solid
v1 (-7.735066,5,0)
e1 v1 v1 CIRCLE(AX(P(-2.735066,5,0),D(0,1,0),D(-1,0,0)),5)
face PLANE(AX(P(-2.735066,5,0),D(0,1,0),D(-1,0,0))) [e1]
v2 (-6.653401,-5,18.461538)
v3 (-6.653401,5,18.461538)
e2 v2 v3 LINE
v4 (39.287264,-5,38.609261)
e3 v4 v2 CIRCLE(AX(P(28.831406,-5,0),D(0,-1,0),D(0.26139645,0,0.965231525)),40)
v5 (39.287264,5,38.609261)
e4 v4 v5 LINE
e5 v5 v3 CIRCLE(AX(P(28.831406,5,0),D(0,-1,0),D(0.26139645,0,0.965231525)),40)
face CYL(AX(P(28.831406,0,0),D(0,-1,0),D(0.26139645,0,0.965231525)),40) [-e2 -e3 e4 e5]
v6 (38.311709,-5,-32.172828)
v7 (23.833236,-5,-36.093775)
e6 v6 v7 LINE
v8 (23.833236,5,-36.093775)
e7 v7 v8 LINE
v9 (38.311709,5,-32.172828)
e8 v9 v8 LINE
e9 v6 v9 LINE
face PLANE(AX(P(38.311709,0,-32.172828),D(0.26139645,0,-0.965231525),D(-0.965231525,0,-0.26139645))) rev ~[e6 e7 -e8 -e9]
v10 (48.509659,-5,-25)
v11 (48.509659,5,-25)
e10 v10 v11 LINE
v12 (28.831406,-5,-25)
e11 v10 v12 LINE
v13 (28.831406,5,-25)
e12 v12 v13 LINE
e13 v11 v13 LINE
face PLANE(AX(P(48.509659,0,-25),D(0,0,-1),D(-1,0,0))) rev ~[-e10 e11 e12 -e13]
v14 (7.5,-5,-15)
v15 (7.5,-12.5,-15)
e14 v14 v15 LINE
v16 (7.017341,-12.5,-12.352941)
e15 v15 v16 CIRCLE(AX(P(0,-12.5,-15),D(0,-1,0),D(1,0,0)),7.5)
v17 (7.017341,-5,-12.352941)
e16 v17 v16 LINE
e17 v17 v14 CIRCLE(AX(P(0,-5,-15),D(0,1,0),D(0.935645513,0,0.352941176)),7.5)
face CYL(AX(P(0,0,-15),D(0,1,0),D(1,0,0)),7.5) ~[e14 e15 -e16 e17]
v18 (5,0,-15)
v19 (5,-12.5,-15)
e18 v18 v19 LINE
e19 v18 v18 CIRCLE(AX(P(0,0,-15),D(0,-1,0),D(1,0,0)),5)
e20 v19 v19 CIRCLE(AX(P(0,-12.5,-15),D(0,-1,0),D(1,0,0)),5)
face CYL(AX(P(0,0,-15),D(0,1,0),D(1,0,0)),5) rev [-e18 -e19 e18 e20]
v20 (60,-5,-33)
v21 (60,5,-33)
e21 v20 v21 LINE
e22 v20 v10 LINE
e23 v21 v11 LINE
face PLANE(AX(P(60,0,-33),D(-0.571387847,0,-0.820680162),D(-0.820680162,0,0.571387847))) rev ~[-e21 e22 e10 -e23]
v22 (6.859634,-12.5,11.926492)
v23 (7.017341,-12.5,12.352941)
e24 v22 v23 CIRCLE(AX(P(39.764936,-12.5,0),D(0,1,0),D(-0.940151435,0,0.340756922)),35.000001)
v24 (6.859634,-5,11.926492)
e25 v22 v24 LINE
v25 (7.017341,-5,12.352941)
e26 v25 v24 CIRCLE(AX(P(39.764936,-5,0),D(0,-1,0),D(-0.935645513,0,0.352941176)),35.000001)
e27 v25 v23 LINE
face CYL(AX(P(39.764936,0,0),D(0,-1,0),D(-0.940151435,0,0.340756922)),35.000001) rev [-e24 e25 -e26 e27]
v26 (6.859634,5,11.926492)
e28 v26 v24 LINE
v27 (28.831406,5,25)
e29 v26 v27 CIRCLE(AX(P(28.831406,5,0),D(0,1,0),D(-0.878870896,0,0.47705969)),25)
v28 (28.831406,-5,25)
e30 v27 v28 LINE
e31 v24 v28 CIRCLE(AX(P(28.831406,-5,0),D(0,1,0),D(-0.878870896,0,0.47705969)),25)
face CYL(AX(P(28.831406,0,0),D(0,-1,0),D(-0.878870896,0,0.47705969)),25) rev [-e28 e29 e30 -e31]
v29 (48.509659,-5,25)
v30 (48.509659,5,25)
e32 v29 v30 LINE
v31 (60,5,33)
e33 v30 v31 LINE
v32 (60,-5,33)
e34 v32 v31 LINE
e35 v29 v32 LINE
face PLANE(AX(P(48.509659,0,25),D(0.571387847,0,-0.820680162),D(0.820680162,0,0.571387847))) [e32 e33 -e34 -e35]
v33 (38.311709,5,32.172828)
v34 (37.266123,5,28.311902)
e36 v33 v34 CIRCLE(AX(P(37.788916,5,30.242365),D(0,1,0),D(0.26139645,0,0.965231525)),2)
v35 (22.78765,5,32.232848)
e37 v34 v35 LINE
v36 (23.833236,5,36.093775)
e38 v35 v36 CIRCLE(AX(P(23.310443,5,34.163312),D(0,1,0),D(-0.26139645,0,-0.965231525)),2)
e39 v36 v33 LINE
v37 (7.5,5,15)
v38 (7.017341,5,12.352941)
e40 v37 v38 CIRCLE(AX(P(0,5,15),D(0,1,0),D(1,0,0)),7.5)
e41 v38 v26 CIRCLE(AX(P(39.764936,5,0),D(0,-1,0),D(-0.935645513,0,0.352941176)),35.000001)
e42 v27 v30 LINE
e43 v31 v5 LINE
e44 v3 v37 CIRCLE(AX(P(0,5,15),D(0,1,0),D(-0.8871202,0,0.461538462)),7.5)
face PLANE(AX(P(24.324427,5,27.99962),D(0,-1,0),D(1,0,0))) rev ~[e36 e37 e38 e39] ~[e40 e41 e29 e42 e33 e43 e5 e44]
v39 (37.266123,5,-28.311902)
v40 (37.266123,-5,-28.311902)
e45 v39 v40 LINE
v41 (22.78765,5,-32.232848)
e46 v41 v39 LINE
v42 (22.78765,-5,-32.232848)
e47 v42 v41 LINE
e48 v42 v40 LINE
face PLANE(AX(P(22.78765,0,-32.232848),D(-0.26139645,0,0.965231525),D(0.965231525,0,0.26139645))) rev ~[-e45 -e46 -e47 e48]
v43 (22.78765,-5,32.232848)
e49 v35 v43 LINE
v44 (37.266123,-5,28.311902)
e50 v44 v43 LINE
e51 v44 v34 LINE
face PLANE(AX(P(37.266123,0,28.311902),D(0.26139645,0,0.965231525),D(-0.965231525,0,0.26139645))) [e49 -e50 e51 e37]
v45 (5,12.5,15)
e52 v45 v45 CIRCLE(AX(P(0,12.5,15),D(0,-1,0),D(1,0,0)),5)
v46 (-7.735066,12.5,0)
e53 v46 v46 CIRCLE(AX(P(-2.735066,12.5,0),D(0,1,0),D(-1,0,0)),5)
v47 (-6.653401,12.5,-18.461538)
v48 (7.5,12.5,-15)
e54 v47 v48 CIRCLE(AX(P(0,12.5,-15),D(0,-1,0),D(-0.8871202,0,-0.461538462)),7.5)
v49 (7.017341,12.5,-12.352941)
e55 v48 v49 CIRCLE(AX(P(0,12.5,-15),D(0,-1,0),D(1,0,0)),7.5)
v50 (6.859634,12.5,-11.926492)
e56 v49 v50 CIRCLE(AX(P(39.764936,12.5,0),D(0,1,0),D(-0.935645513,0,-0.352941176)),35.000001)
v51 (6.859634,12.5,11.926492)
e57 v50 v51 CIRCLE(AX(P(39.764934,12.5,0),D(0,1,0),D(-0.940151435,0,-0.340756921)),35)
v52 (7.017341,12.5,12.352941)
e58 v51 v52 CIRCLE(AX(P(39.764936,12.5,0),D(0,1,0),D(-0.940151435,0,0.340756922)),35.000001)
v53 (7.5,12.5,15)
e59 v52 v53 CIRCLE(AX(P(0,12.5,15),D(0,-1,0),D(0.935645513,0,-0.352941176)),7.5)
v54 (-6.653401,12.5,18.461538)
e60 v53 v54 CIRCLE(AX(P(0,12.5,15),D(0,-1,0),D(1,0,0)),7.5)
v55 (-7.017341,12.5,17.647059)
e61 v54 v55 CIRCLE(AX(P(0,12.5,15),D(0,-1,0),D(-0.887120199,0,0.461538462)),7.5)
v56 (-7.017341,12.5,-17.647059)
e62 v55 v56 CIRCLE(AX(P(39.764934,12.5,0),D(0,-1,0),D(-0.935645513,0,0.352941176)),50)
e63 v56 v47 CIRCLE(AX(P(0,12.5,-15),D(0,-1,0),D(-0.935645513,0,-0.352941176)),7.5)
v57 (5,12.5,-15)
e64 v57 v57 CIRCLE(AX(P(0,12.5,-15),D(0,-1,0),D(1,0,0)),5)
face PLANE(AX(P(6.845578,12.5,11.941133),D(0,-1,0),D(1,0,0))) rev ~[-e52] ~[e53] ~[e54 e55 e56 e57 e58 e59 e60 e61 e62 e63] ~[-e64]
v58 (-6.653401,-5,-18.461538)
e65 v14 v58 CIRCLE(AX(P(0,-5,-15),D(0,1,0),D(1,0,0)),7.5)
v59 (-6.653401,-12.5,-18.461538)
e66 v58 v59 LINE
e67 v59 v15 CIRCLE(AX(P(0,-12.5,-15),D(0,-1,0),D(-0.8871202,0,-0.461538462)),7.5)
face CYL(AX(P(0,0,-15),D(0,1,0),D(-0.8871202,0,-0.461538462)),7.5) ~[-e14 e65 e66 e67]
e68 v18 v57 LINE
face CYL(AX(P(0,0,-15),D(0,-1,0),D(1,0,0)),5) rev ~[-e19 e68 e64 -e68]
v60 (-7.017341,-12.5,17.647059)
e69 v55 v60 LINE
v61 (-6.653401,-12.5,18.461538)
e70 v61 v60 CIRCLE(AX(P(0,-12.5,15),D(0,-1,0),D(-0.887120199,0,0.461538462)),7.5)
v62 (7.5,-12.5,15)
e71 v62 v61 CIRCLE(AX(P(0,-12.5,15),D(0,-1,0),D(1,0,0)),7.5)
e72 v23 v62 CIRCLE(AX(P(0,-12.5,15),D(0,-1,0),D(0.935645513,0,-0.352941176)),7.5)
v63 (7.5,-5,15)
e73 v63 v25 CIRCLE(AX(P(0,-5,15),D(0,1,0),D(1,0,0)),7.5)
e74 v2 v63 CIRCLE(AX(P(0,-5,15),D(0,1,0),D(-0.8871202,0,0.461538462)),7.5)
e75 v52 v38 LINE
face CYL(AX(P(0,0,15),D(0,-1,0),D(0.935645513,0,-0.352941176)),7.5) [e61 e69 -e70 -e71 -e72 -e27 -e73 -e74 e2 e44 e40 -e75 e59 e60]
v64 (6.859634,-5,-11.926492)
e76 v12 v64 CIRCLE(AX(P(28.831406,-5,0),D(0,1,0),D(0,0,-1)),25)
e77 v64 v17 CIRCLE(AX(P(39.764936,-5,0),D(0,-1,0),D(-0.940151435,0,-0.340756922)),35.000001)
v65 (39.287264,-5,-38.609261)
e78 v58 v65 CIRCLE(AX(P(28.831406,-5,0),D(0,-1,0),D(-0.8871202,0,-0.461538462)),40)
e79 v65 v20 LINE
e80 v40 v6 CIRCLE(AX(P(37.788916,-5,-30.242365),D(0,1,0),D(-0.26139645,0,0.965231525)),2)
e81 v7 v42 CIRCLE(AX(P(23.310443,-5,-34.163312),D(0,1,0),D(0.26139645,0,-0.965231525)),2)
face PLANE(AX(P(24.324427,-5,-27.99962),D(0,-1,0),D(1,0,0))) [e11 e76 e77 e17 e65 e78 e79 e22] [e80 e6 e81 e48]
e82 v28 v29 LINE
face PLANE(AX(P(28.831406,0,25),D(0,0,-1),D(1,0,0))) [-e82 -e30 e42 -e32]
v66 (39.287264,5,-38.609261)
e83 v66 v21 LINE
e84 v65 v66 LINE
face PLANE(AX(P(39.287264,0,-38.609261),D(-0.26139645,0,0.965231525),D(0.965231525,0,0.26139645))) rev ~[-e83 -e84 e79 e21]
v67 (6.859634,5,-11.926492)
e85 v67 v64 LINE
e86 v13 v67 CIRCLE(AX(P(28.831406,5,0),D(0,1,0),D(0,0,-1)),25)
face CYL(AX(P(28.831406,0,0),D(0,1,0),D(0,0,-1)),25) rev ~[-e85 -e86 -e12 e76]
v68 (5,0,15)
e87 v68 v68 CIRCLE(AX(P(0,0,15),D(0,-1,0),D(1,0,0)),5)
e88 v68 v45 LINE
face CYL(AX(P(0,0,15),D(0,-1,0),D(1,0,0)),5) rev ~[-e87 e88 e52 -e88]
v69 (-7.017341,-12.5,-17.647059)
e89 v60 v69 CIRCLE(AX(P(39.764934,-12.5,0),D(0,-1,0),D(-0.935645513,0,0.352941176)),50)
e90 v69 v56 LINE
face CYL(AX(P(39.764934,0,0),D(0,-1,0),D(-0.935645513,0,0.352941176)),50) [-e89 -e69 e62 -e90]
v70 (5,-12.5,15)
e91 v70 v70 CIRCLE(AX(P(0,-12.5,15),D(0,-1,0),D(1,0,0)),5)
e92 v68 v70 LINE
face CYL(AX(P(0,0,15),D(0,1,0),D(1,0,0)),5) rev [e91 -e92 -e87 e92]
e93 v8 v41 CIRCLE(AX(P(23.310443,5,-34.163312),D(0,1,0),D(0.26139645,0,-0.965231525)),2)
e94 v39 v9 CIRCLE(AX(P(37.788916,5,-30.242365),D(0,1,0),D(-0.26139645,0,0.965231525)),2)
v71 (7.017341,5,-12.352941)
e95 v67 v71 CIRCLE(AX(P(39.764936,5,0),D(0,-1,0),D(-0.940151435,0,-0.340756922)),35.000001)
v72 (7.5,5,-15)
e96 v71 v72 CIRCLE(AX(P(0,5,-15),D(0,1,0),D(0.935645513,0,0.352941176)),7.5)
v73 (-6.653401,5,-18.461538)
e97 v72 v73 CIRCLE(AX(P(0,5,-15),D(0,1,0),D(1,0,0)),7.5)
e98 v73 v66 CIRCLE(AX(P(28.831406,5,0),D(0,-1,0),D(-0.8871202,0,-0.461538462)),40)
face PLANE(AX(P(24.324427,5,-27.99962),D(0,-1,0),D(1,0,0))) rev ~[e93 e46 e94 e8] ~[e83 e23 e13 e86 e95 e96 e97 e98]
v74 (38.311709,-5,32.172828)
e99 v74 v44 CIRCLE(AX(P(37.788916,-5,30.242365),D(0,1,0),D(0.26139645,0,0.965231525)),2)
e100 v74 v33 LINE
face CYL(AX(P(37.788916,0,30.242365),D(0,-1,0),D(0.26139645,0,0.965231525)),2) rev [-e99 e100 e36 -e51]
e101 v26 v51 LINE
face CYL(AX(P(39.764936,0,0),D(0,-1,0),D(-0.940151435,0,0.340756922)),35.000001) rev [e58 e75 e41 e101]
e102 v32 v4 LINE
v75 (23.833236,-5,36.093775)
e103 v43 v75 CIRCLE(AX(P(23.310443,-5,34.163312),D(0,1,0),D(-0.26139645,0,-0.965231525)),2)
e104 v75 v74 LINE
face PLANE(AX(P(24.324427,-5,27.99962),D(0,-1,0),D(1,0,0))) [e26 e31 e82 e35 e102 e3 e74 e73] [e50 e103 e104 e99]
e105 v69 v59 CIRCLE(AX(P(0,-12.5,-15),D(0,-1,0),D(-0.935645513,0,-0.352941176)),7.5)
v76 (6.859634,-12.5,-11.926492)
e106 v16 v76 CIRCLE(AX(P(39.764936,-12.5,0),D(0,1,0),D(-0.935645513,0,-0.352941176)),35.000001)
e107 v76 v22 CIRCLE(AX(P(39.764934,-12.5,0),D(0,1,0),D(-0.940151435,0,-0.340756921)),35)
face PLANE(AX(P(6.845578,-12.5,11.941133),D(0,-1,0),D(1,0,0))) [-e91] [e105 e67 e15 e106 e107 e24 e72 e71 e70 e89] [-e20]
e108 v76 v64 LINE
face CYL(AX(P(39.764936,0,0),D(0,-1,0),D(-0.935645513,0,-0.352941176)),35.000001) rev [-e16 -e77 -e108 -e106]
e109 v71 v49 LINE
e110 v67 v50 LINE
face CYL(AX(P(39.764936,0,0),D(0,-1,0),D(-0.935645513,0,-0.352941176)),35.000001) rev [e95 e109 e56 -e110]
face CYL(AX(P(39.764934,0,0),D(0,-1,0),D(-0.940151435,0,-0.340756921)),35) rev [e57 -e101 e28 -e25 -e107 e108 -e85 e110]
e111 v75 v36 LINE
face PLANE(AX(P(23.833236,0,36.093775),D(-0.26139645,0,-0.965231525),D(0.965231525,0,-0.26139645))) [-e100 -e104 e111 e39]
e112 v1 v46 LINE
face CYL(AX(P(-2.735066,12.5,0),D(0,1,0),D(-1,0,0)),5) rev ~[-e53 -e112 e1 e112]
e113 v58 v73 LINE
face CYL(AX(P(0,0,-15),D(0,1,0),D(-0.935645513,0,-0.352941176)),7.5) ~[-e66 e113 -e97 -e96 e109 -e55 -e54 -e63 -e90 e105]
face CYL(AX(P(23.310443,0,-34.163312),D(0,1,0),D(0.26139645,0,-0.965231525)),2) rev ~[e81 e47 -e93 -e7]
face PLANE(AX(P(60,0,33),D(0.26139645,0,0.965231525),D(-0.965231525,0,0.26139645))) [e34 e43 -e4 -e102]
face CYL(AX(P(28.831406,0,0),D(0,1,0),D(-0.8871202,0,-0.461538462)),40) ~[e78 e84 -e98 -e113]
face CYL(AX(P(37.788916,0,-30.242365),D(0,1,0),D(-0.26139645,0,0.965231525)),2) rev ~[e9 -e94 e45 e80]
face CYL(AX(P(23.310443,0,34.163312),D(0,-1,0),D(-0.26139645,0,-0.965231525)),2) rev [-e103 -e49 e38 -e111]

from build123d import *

# Parameters (mm, degrees)
F0_R     = 5
F1_DEPTH = 12.5
F2_DEPTH = 5
F3_R     = 5
F5_DEPTH = 7.5


with BuildPart() as f1:
    # F0 (on Front) → F1 (new body, symmetric)
    with BuildSketch(Plane.XZ):
        with BuildLine():
            ThreePointArc((6.8596340788, 11.9264922445), (6.9377952197, 12.139972805), (7.0173413473, 12.3529411765))
            ThreePointArc((7.0173413473, 12.3529411765), (6.8474920043, 11.9402854297), (6.6534014969, 11.5384615385))
            ThreePointArc((6.6534014969, 11.5384615385), (6.7556652076, 11.7329300253), (6.8596340788, 11.9264922445))
        make_face()
        with BuildLine():
            ThreePointArc((7.0173413473, -12.3529411765), (6.9377952197, -12.139972805), (6.8596340788, -11.9264922445))
            ThreePointArc((6.8596340788, -11.9264922445), (6.7556652076, -11.7329300253), (6.6534014969, -11.5384615385))
            ThreePointArc((6.6534014969, -11.5384615385), (6.8474920043, -11.9402854297), (7.0173413473, -12.3529411765))
        make_face()
        with BuildLine():
            ThreePointArc((6.6534014969, -11.5384615385), (-3.0597145703, -8.1525079957), (-7.0173413473, -17.6470588235))
            ThreePointArc((-7.0173413473, -17.6470588235), (-6.8474920043, -18.0597145703), (-6.6534014969, -18.4615384615))
            ThreePointArc((-6.6534014969, -18.4615384615), (1.7817812398, -22.2852766326), (7.5, -15))
            ThreePointArc((7.5, -15), (7.3783487348, -13.6546487642), (7.0173413473, -12.3529411765))
            ThreePointArc((7.0173413473, -12.3529411765), (6.8474920043, -11.9402854297), (6.6534014969, -11.5384615385))
        make_face()
        with Locations((0, -15)):
            Circle(F0_R, mode=Mode.SUBTRACT)
        with BuildLine():
            ThreePointArc((6.6534014969, 11.5384615385), (-3.0597145703, 8.1525079957), (-7.0173413473, 17.6470588235))
            ThreePointArc((-7.0173413473, 17.6470588235), (-10.2350656985, 0), (-7.0173413473, -17.6470588235))
            ThreePointArc((-7.0173413473, -17.6470588235), (-3.0597145703, -8.1525079957), (6.6534014969, -11.5384615385))
            ThreePointArc((6.6534014969, -11.5384615385), (6.7556652076, -11.7329300253), (6.8596340788, -11.9264922445))
            ThreePointArc((6.8596340788, -11.9264922445), (4.7649343015, 0), (6.8596340788, 11.9264922445))
            ThreePointArc((6.8596340788, 11.9264922445), (6.7556652076, 11.7329300253), (6.6534014969, 11.5384615385))
        make_face()
        with BuildLine():
            ThreePointArc((7.0173413473, 12.3529411765), (7.3783487348, 13.6546487642), (7.5, 15))
            ThreePointArc((7.5, 15), (1.7817812398, 22.2852766326), (-6.6534014969, 18.4615384615))
            ThreePointArc((-6.6534014969, 18.4615384615), (-6.8474920043, 18.0597145703), (-7.0173413473, 17.6470588235))
            ThreePointArc((-7.0173413473, 17.6470588235), (-3.0597145703, 8.1525079957), (6.6534014969, 11.5384615385))
            ThreePointArc((6.6534014969, 11.5384615385), (6.8474920043, 11.9402854297), (7.0173413473, 12.3529411765))
        make_face()
        with Locations((0, 15)):
            Circle(F0_R, mode=Mode.SUBTRACT)
    extrude(amount=F1_DEPTH, both=True)

    # F0 (on Front) → F2 (join, symmetric)
    with BuildSketch(Plane.XZ):
        with BuildLine():
            ThreePointArc((28.8314064867, -25), (16.0478683636, -21.4844397892), (6.8596340788, -11.9264922445))
            ThreePointArc((6.8596340788, -11.9264922445), (6.9377952197, -12.139972805), (7.0173413473, -12.3529411765))
            ThreePointArc((7.0173413473, -12.3529411765), (7.3783487348, -13.6546487642), (7.5, -15))
            ThreePointArc((7.5, -15), (1.7817812398, -22.2852766326), (-6.6534014969, -18.4615384615))
            ThreePointArc((-6.6534014969, -18.4615384615), (12.7660784434, -36.6320247169), (39.2872644776, -38.6092609833))
            Line((39.2872644776, -38.6092609833), (60, -33))
            Line((60, -33), (48.5096588292, -25))
            Line((48.5096588292, -25), (28.8314064867, -25))
        make_face()
        with BuildLine():
            ThreePointArc((37.2661231393, -28.311901738), (39.719379088, -29.7195718876), (38.3117089384, -32.1728278363))
            Line((38.3117089384, -32.1728278363), (23.8332360697, -36.0937745829))
            ThreePointArc((23.8332360697, -36.0937745829), (21.3799801209, -34.6861044333), (22.7876502706, -32.2328484846))
            Line((22.7876502706, -32.2328484846), (37.2661231393, -28.311901738))
        make_face(mode=Mode.SUBTRACT)
        with BuildLine():
            ThreePointArc((-6.6534014969, 18.4615384615), (1.7817812398, 22.2852766326), (7.5, 15))
            ThreePointArc((7.5, 15), (7.3783487348, 13.6546487642), (7.0173413473, 12.3529411765))
            ThreePointArc((7.0173413473, 12.3529411765), (6.9377952197, 12.139972805), (6.8596340788, 11.9264922445))
            ThreePointArc((6.8596340788, 11.9264922445), (16.0478683636, 21.4844397892), (28.8314064867, 25))
            Line((28.8314064867, 25), (48.5096588292, 25))
            Line((48.5096588292, 25), (60, 33))
            Line((60, 33), (39.2872644776, 38.6092609833))
            ThreePointArc((39.2872644776, 38.6092609833), (12.7660784434, 36.6320247169), (-6.6534014969, 18.4615384615))
        make_face()
        with BuildLine():
            ThreePointArc((22.7876502706, 32.2328484846), (21.3799801209, 34.6861044333), (23.8332360697, 36.0937745829))
            Line((23.8332360697, 36.0937745829), (38.3117089384, 32.1728278363))
            ThreePointArc((38.3117089384, 32.1728278363), (39.719379088, 29.7195718876), (37.2661231393, 28.311901738))
            Line((37.2661231393, 28.311901738), (22.7876502706, 32.2328484846))
        make_face(mode=Mode.SUBTRACT)
    extrude(amount=F2_DEPTH, both=True)

    # F3 (on face) → F5 (cut, symmetric)
    with BuildSketch(Plane(origin=(0, 12.5, 0), x_dir=(-1, 0, 0), z_dir=(0, 1, 0))):
        with Locations((2.7350656985, 0)):
            Circle(F3_R)
    extrude(amount=F5_DEPTH, both=True, mode=Mode.SUBTRACT)


solid = f1.part
